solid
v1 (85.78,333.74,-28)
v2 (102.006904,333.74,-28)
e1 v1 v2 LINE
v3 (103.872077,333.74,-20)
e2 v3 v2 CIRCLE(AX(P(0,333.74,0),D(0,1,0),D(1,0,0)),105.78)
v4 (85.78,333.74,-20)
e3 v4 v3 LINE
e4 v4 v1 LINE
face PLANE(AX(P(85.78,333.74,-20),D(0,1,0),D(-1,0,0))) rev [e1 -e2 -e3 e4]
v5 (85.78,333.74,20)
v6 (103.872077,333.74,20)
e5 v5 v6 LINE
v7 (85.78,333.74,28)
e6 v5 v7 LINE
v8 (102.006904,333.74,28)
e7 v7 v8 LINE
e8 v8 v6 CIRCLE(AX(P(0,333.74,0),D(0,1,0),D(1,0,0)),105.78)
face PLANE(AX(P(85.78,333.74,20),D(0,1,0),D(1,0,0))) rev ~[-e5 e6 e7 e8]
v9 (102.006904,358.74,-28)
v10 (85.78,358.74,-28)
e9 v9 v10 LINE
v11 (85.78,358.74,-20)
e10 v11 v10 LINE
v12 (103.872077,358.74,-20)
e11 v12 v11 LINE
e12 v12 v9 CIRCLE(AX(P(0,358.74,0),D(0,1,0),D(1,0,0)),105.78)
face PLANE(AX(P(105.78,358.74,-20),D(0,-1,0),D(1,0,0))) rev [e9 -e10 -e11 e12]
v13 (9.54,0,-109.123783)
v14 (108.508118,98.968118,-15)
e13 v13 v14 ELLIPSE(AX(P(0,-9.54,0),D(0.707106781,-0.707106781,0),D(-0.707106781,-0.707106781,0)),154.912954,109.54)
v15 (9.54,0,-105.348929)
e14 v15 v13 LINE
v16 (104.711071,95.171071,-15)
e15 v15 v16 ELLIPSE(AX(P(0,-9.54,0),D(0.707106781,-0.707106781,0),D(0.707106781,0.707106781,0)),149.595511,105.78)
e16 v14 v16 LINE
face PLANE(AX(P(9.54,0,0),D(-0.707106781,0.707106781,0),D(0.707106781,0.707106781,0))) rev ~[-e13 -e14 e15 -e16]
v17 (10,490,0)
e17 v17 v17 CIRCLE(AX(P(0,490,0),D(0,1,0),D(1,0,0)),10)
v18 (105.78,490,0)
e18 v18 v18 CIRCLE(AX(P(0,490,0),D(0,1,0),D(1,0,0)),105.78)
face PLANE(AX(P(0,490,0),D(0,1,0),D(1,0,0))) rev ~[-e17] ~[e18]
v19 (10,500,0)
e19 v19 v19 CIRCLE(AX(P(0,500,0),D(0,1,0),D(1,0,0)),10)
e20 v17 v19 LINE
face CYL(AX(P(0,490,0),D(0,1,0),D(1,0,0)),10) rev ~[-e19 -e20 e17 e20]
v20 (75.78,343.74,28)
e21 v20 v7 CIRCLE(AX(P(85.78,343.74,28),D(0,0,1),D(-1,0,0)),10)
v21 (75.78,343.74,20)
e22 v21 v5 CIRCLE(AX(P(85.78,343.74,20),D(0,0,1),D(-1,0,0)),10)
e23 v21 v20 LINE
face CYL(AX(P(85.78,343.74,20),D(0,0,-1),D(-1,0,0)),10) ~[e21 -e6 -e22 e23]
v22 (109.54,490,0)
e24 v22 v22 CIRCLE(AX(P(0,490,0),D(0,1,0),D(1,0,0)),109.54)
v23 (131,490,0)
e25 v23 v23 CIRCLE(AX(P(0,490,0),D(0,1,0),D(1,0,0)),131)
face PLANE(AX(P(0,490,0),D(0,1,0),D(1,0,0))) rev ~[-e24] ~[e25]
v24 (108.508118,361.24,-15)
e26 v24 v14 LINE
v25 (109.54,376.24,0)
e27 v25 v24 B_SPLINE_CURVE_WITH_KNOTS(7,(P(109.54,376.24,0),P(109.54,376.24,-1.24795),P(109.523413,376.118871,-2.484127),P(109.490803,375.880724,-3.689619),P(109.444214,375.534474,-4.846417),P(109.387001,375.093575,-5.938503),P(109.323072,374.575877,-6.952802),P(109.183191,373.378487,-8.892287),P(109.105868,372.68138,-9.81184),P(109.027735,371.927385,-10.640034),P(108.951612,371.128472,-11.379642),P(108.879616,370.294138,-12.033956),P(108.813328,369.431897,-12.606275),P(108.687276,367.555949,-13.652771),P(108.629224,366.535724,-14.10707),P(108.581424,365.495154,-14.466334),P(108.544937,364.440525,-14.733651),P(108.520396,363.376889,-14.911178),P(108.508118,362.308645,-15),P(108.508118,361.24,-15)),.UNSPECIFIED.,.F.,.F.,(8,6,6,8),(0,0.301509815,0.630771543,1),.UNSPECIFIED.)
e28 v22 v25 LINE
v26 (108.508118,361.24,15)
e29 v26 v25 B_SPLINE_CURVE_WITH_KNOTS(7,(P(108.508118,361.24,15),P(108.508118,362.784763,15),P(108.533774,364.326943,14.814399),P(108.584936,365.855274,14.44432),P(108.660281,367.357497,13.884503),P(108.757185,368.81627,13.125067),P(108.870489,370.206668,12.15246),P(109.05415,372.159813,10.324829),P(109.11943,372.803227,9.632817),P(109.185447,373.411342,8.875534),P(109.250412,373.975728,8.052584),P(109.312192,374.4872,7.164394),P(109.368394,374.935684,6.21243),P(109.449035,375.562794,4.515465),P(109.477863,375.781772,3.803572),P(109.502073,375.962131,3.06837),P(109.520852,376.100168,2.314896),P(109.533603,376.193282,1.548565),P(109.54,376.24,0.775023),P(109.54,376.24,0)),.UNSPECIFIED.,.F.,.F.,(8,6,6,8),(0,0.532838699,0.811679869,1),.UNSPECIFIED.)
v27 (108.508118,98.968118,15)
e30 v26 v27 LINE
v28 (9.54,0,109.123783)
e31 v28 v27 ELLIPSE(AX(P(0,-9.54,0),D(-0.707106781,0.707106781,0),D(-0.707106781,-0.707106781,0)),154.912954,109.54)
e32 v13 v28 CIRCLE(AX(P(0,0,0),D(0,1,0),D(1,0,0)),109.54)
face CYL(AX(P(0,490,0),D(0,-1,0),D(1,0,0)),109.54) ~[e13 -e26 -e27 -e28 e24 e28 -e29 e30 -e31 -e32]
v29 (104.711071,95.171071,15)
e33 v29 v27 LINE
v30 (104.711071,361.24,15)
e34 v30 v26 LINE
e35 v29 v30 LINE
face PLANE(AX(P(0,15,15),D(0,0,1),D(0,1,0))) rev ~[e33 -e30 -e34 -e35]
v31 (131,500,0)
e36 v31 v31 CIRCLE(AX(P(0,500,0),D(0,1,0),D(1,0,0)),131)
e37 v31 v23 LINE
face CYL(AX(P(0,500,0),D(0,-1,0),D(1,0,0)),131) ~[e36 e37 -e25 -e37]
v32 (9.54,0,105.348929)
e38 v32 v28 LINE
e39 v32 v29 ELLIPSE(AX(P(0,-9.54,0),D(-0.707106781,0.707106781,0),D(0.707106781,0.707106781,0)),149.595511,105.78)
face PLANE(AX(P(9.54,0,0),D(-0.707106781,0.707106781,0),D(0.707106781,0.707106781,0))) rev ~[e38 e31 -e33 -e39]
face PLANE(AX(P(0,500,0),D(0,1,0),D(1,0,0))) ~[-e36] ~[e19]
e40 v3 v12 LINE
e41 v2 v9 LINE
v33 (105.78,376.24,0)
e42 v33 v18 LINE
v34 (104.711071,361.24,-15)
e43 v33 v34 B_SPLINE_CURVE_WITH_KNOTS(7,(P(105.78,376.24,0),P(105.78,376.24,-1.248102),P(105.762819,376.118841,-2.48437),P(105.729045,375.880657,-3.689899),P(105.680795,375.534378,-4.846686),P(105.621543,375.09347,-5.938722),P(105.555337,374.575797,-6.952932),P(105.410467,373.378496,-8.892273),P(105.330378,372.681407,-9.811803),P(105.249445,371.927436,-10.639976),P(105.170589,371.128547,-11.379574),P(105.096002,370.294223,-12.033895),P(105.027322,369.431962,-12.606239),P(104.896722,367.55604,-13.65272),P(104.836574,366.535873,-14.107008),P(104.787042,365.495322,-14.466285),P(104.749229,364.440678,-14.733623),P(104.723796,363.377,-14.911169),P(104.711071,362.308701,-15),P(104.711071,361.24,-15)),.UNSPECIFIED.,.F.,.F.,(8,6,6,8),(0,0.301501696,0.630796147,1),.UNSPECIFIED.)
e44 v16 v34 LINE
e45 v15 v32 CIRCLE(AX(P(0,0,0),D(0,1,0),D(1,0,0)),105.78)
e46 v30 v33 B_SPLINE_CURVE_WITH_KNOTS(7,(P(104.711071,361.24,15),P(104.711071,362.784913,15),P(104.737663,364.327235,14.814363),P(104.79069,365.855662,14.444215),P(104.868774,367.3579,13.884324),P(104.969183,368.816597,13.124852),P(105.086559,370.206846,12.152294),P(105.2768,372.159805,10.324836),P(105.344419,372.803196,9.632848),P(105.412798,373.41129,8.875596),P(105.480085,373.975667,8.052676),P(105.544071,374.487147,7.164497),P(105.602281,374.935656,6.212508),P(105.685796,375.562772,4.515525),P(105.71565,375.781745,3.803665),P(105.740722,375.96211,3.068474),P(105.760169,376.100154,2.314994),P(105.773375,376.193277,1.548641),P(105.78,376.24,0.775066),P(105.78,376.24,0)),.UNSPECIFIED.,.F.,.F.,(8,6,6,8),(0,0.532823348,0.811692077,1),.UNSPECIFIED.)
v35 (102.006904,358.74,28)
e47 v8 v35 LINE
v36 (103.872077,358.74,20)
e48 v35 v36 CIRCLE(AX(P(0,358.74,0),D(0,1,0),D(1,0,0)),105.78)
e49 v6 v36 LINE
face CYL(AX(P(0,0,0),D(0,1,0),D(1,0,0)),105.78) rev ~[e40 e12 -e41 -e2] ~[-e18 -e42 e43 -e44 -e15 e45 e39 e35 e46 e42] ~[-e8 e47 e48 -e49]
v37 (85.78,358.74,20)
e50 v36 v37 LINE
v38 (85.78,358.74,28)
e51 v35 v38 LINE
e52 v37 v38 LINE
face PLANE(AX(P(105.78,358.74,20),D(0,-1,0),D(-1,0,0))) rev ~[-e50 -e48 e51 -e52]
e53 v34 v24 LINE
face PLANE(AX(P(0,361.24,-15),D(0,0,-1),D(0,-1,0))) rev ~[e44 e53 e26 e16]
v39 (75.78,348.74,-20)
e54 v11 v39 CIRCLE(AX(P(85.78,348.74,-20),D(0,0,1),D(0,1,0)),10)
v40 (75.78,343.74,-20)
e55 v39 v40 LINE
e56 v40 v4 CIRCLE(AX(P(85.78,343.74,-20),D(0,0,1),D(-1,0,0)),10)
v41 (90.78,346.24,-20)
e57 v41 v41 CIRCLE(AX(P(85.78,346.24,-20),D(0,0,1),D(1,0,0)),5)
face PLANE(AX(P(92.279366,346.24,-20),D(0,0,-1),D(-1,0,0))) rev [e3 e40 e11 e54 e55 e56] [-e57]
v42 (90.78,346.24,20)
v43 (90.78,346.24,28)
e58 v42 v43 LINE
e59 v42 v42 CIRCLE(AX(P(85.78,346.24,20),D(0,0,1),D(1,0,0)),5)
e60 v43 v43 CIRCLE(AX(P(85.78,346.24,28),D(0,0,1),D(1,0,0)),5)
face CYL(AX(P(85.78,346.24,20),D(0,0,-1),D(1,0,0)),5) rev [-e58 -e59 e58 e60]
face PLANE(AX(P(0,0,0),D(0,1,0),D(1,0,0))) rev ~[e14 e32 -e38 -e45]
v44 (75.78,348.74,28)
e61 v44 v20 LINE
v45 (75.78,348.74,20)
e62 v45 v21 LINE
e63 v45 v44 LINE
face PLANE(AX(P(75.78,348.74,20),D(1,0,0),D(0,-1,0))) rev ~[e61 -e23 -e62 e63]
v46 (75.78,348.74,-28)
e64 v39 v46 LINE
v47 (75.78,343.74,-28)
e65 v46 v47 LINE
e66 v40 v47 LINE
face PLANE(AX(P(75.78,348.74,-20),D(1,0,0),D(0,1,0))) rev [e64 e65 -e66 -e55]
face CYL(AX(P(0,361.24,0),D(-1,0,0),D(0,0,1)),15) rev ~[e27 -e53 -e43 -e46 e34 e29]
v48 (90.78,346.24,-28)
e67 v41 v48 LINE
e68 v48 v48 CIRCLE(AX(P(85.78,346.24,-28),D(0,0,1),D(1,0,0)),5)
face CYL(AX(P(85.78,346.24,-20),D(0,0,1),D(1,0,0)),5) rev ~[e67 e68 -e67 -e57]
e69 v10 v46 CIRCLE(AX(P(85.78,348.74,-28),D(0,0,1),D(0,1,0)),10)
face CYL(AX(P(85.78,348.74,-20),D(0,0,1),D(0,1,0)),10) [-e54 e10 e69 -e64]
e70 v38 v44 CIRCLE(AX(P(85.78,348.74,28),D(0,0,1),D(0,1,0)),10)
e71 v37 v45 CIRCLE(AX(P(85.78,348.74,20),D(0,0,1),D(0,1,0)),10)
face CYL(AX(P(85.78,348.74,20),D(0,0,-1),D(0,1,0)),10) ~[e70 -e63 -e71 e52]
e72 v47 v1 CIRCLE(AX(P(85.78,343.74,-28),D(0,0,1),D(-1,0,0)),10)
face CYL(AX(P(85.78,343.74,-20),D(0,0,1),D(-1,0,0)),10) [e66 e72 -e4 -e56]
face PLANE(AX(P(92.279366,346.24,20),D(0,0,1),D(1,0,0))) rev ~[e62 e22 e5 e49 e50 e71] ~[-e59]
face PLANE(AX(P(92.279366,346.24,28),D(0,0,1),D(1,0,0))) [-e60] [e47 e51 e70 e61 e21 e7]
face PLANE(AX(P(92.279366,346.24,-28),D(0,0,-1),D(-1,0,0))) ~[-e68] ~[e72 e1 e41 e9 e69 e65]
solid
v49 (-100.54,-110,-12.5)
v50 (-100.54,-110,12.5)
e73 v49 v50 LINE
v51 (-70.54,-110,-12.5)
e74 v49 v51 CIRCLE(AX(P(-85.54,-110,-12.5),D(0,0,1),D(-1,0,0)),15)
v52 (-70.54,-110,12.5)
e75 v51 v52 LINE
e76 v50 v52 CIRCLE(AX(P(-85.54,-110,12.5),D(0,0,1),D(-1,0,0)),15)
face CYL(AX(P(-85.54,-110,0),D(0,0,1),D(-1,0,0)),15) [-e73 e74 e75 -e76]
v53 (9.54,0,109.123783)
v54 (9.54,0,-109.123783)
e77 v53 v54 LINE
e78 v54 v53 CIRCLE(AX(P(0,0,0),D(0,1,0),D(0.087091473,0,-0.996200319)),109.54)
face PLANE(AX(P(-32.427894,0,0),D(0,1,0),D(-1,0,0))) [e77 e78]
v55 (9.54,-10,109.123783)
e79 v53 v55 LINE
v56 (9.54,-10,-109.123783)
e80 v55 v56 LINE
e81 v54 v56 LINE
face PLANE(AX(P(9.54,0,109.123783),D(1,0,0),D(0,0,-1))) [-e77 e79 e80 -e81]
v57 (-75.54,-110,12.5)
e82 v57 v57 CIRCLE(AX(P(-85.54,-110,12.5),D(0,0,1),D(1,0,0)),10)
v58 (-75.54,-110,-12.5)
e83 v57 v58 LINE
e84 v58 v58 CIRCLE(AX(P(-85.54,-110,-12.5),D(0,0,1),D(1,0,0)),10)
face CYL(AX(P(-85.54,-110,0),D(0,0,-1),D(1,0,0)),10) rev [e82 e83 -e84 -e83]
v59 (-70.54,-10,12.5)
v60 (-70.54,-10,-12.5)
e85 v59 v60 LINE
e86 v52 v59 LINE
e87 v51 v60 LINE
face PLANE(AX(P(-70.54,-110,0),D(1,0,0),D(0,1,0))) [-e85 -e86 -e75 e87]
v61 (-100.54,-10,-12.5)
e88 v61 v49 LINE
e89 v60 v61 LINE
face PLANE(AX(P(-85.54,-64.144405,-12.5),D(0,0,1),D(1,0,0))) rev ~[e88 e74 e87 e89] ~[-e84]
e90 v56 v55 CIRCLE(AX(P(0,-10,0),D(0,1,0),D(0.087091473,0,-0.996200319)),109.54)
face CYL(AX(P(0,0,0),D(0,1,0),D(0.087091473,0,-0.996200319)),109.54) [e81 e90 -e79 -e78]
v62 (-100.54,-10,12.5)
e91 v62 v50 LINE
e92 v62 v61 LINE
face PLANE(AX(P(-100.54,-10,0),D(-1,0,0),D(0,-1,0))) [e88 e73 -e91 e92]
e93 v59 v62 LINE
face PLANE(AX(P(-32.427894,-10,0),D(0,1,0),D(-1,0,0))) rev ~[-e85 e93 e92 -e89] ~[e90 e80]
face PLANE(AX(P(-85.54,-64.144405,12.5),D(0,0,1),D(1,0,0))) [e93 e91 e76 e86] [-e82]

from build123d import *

# Parameters (mm, degrees)
CORTE_EXTRUS_O1_DEPTH      = 132
CORTE_EXTRUS_O1_DEPTH_BACK = 132
RESSALTO_EXTRUS_O1_DEPTH   = 10
ESBO_O4_R                  = 10
RESSALTO_EXTRUS_O2_DEPTH   = 12.5
RESSALTO_EXTRUS_O3_START   = 20
ESBO_O5_R                  = 5
RESSALTO_EXTRUS_O3_DEPTH   = 8
CORTE_EXTRUS_O2_DEPTH      = 132


with BuildPart() as part:
    # Esboço1 → Revolução1 (revolve)
    with BuildSketch(Plane.XY):
        Polygon((10, 500), (131, 500), (131, 490), (109.54, 490), (109.54, 0), (105.78, 0), (105.78, 490), (10, 490), align=None)
    revolve(axis=Axis((0, 0, 0), (0, 1, 0)))

    # Esboço2 → Corte-extrusão1 (cut, two sides)
    with BuildSketch(Plane.XY) as corte_extrus_o1_sk:
        Polygon((9.54, 0), (109.54, 100), (109.54, 0), align=None)
    extrude(amount=CORTE_EXTRUS_O1_DEPTH, mode=Mode.SUBTRACT)
    extrude(corte_extrus_o1_sk.sketch, amount=-CORTE_EXTRUS_O1_DEPTH_BACK, mode=Mode.SUBTRACT)

    # Esboço5 → Ressalto-extrusão3 (add)
    with BuildSketch(Plane.XY.offset(RESSALTO_EXTRUS_O3_START)):
        with BuildLine():
            Line((105.78, 358.74), (85.78, 358.74))
            ThreePointArc((85.78, 358.74), (78.708932188, 355.811067812), (75.78, 348.74))
            Line((75.78, 348.74), (75.78, 343.74))
            ThreePointArc((75.78, 343.74), (78.708932188, 336.668932188), (85.78, 333.74))
            Line((85.78, 333.74), (105.78, 333.74))
            Line((105.78, 333.74), (105.78, 358.74))
        make_face()
        with Locations((85.78, 346.24)):
            Circle(ESBO_O5_R, mode=Mode.SUBTRACT)
    ressalto_extrus_o3 = extrude(amount=RESSALTO_EXTRUS_O3_DEPTH)

    # Espelhar1: Ressalto-extrusão3 across plane
    add(ressalto_extrus_o3.mirror(Plane.XY))

    # Esboço6 → Corte-extrusão2 (cut, through all)
    with BuildSketch(Plane(origin=(0, 0, 0), x_dir=(0, 0, -1), z_dir=(1, 0, 0))):
        with BuildLine():
            Line((15, 361.24), (15, 15))
            ThreePointArc((15, 15), (0, 0), (-15, 15))
            Line((-15, 15), (-15, 361.24))
            ThreePointArc((-15, 361.24), (0, 376.24), (15, 361.24))
        make_face()
    extrude(amount=CORTE_EXTRUS_O2_DEPTH, mode=Mode.SUBTRACT)


with BuildPart() as body_2:
    # Esboço3 → Ressalto-extrusão1 (new body)
    with BuildSketch(Plane.XZ):
        with BuildLine():
            Line((9.54, 109.123782926), (9.54, -109.123782926))
            ThreePointArc((9.54, -109.123782926), (-109.54, 0), (9.54, 109.123782926))
        make_face()
    extrude(amount=RESSALTO_EXTRUS_O1_DEPTH)

    # Esboço4 → Ressalto-extrusão2 (add, symmetric)
    with BuildSketch(Plane.XY):
        with BuildLine():
            Line((-100.54, -10), (-100.54, -110))
            ThreePointArc((-100.54, -110), (-85.54, -125), (-70.54, -110))
            Line((-70.54, -110), (-70.54, -10))
            Line((-70.54, -10), (-100.54, -10))
        make_face()
        with Locations((-85.54, -110)):
            Circle(ESBO_O4_R, mode=Mode.SUBTRACT)
    extrude(amount=RESSALTO_EXTRUS_O2_DEPTH, both=True)


solid = Compound([part.part, body_2.part])
